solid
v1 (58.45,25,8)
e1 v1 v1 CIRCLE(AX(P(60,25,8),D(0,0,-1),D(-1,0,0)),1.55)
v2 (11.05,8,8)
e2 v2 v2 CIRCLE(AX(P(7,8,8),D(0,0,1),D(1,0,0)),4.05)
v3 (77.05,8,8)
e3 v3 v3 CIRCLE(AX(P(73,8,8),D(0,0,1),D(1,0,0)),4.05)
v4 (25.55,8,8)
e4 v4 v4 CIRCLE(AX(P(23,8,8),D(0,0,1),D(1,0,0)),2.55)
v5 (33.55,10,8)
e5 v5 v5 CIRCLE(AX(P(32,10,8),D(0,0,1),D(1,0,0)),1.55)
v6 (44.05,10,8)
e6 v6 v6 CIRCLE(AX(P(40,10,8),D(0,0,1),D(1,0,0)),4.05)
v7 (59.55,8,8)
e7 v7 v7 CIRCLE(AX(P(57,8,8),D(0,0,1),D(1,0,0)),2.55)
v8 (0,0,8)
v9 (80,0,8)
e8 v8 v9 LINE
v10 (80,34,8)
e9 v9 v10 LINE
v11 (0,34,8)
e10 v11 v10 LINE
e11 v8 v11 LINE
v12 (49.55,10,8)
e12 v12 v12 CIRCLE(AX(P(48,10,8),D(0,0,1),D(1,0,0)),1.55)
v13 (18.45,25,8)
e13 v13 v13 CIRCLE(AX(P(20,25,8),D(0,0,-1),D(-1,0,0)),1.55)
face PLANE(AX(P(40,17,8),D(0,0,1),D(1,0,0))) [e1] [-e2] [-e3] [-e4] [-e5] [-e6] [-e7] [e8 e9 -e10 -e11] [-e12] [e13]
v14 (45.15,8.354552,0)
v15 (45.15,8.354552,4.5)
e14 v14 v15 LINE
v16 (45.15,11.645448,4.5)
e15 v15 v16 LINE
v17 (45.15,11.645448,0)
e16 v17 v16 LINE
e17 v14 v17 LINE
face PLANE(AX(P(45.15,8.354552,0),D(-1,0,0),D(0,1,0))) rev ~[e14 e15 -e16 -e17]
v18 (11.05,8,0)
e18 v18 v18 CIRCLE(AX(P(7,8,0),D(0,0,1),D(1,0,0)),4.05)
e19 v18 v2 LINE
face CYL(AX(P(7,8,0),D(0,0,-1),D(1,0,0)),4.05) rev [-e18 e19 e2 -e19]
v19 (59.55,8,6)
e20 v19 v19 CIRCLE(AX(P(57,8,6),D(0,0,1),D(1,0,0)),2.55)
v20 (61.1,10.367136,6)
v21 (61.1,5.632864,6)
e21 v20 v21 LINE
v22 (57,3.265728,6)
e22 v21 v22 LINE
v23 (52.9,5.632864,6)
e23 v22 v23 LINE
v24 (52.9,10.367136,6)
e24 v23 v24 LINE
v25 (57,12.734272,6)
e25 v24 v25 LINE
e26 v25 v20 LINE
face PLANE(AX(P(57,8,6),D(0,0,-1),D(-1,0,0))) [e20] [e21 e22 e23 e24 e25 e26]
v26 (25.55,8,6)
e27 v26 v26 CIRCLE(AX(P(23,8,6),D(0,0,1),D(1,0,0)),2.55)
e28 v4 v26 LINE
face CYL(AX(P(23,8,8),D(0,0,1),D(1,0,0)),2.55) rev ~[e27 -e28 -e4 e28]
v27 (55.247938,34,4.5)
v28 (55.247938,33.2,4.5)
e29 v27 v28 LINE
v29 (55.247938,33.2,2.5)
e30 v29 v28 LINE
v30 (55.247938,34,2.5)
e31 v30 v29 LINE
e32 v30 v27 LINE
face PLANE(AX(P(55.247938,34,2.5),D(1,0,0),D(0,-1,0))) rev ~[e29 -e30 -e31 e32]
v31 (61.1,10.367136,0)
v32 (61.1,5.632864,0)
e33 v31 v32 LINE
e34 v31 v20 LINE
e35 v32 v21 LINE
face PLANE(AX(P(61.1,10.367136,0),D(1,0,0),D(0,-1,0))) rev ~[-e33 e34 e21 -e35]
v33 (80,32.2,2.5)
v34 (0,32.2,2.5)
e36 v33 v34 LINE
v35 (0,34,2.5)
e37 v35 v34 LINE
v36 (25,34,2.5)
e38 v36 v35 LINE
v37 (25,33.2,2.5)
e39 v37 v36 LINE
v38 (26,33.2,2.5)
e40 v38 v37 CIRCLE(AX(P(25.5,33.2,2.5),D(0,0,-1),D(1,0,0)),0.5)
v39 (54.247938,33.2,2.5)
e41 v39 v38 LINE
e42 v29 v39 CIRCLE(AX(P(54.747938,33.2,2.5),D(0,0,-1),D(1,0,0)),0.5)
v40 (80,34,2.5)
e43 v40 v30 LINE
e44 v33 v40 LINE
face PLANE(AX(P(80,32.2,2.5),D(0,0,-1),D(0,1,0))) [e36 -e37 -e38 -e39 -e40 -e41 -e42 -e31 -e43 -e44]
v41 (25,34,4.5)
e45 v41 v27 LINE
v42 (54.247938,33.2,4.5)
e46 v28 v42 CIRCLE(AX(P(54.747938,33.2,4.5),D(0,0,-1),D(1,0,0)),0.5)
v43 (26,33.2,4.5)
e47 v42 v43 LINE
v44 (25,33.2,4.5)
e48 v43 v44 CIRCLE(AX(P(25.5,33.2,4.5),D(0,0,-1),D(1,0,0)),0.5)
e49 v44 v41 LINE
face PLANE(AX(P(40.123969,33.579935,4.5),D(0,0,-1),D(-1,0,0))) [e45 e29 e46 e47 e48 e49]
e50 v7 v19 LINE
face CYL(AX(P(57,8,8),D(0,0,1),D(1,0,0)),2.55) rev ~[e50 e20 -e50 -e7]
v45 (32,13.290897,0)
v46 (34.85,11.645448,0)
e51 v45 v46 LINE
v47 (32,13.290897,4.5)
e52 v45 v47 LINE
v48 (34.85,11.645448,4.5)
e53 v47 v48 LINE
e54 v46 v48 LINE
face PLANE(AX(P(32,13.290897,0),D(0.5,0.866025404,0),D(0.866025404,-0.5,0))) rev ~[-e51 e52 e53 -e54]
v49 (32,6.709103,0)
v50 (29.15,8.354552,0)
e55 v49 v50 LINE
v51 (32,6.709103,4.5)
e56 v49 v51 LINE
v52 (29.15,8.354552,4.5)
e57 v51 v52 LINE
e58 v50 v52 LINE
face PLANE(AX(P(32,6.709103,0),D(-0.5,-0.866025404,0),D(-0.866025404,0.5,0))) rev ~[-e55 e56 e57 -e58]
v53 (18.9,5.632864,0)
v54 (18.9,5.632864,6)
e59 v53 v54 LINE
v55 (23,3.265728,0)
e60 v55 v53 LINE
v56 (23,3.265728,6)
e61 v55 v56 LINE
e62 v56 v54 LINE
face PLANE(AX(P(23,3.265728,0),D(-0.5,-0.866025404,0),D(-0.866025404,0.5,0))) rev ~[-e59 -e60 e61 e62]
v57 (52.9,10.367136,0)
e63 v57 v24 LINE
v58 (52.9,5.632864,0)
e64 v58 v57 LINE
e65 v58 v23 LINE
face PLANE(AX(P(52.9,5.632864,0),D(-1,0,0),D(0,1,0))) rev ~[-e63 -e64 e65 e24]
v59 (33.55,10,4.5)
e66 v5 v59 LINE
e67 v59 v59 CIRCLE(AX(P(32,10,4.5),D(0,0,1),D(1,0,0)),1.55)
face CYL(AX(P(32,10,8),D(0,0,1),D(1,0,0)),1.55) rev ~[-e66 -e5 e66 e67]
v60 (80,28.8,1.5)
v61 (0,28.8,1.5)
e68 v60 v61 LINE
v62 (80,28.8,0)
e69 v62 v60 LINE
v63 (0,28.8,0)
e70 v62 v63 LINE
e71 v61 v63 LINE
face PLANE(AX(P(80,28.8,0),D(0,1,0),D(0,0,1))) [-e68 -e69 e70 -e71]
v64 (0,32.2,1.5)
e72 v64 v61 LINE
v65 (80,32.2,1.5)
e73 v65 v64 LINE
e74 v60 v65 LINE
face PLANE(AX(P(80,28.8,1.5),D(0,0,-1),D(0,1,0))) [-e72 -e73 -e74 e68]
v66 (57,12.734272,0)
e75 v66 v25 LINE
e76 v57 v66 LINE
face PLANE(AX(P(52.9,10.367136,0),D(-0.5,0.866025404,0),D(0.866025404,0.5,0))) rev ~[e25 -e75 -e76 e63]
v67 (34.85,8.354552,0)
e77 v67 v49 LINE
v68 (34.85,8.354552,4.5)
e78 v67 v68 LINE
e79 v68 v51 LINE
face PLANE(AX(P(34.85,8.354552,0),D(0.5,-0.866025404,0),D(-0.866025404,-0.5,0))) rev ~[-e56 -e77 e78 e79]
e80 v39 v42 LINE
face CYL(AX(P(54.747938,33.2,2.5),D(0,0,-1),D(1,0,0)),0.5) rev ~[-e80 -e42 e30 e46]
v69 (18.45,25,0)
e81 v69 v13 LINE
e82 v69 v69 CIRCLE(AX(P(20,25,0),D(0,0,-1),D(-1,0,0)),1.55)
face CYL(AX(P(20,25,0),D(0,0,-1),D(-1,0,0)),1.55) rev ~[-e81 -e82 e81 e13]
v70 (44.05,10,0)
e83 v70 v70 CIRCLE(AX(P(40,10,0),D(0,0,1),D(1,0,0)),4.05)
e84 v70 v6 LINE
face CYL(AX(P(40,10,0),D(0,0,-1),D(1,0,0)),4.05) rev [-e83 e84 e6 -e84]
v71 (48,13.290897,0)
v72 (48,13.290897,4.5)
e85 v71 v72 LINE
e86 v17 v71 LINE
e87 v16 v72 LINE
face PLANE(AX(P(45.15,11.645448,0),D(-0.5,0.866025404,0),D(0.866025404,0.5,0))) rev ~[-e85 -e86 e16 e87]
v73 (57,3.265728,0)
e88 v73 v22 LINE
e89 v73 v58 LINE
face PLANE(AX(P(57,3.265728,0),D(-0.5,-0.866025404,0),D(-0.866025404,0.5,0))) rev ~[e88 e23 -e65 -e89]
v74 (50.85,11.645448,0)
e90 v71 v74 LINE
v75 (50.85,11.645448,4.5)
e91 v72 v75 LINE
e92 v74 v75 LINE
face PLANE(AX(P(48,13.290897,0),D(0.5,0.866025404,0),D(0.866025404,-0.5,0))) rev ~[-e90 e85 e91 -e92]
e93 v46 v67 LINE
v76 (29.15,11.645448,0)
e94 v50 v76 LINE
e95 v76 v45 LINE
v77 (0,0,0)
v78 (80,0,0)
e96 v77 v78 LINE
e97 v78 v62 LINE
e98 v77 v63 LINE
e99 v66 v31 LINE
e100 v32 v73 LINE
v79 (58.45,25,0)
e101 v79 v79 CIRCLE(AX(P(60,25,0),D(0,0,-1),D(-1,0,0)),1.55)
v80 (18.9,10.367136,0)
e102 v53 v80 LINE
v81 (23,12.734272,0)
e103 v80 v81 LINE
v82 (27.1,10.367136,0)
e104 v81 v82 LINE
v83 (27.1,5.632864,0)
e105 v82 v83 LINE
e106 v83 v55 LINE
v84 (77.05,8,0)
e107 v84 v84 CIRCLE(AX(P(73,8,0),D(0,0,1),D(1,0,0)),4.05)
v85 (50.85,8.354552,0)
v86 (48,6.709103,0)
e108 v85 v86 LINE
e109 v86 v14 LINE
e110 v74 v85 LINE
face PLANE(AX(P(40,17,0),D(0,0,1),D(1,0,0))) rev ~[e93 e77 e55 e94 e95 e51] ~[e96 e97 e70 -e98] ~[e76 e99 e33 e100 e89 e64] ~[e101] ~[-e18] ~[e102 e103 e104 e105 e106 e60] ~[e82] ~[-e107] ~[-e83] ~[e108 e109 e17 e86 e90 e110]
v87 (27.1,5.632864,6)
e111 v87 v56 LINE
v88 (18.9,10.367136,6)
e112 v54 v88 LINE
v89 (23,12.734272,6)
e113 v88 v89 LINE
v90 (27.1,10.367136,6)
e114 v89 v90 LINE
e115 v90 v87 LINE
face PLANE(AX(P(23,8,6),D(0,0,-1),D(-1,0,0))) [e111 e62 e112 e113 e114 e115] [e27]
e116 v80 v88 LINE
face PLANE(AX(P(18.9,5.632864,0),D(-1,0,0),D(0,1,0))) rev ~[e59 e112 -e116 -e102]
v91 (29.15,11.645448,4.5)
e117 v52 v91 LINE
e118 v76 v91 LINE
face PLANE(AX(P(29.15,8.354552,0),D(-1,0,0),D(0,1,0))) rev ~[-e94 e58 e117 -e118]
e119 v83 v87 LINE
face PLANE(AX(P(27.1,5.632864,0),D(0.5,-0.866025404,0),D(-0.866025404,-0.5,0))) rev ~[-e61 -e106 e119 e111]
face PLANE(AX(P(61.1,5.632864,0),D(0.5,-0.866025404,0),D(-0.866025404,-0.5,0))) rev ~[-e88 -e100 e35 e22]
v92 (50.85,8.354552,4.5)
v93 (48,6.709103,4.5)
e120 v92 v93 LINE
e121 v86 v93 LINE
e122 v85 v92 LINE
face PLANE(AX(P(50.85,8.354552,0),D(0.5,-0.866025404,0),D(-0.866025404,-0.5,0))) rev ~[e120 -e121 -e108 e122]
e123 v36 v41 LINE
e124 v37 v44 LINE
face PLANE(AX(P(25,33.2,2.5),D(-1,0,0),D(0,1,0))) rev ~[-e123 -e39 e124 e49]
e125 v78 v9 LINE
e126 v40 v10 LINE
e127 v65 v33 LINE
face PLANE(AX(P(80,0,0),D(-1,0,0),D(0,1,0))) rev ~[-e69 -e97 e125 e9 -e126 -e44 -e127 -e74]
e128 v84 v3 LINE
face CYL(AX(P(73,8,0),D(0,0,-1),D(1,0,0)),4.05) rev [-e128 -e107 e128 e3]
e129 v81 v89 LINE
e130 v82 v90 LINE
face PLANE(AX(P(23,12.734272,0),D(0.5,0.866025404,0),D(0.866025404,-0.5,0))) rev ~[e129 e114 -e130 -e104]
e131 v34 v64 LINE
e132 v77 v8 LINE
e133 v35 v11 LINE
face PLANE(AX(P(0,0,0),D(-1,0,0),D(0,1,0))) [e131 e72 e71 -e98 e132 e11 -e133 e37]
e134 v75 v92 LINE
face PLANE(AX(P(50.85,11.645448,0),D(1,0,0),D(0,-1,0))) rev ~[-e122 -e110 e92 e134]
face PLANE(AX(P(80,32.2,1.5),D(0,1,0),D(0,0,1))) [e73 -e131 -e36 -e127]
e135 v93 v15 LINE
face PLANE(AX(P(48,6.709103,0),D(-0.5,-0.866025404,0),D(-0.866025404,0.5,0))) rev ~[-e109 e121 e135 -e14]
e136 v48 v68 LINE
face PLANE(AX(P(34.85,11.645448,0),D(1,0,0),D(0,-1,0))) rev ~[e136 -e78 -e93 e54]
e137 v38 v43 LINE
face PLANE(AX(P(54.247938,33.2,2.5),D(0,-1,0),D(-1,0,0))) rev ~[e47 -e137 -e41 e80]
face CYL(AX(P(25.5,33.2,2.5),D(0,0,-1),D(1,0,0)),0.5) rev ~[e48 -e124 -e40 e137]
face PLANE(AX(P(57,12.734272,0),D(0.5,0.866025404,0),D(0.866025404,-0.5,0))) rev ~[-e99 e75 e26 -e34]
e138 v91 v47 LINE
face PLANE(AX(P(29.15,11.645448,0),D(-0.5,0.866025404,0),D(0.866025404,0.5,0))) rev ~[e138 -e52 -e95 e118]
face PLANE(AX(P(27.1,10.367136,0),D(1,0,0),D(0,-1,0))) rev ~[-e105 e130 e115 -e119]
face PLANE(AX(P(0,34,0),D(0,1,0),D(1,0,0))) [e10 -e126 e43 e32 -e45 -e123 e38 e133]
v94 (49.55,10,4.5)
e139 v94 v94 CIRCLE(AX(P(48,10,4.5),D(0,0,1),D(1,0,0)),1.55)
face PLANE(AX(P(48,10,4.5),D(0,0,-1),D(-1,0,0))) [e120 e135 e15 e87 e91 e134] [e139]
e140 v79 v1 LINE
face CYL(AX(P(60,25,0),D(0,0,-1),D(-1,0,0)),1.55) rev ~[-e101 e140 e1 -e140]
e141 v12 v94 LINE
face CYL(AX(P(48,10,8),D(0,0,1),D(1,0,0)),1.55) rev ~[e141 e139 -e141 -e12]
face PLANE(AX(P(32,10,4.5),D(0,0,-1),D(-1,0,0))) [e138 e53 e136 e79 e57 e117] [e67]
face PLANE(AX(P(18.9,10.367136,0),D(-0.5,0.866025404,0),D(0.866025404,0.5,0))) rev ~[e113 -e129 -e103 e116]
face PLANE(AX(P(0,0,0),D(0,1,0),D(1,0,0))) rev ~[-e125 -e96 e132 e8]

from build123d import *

# Parameters (mm, degrees)
SKETCH_2_W           = 80
SKETCH_2_H           = 34
SKETCH_2_R           = 4.05
EXTRUDE_1_DEPTH      = 8
SKETCH_3_R           = 2.55
CUT_EXTRUDE_1_DEPTH  = 88.292611371
CUT_EXTRUDE_2_DEPTH  = 88.292611371
SKETCH_5_R           = 1.55
CUT_EXTRUDE_3_DEPTH  = 88.292611371
CUT_EXTRUDE_5_DEPTH  = 4.5
SKETCH_11_R          = 1.55
CUT_EXTRUDE_7_DEPTH  = 88.292611371
CUT_EXTRUDE_11_DEPTH = 2
CUT_EXTRUDE_13_DEPTH = 6


with BuildPart() as part:
    # 草图2 → 凸台-拉伸1 (new body)
    with BuildSketch(Plane.XY):
        with Locations((40, 17)):
            Rectangle(SKETCH_2_W, SKETCH_2_H)
        with Locations((7, 8)):
            Circle(SKETCH_2_R, mode=Mode.SUBTRACT)
        with Locations((40, 10)):
            Circle(SKETCH_2_R, mode=Mode.SUBTRACT)
        with Locations((73, 8)):
            Circle(SKETCH_2_R, mode=Mode.SUBTRACT)
    extrude(amount=EXTRUDE_1_DEPTH)

    # 草图3 → 切除-拉伸1 (cut, through all)
    with BuildSketch(Plane.XY.offset(8)):
        with Locations((23, 8)):
            Circle(SKETCH_3_R)
        with Locations((57, 8)):
            Circle(SKETCH_3_R)
    extrude(amount=-CUT_EXTRUDE_1_DEPTH, mode=Mode.SUBTRACT)

    # 草图4 → 切除-拉伸2 (cut, through all)
    with BuildSketch(Plane(origin=(80, 0, 0), x_dir=(0, 0, -1), z_dir=(1, 0, 0))):
        Polygon((-1.5, 32.2), (-2.5, 32.2), (-2.5, 34), (0, 34), (0, 28.8), (-1.5, 28.8), align=None)
    extrude(amount=-CUT_EXTRUDE_2_DEPTH, mode=Mode.SUBTRACT)

    # 草图5 → 切除-拉伸3 (cut, through all)
    with BuildSketch(Plane.XY.offset(8)):
        with Locations((48, 10)):
            Circle(SKETCH_5_R)
        with Locations((32, 10)):
            Circle(SKETCH_5_R)
    extrude(amount=-CUT_EXTRUDE_3_DEPTH, mode=Mode.SUBTRACT)

    # 草图8 → 切除-拉伸5 (cut)
    with BuildSketch(Plane(origin=(0, 0, 0), x_dir=(-1, 0, 0), z_dir=(0, 0, -1))):
        Polygon((-45.15, 8.354551733), (-45.15, 11.645448267), (-48, 13.290896534), (-50.85, 11.645448267), (-50.85, 8.354551733), (-48, 6.709103466), align=None)
        Polygon((-29.15, 8.354551733), (-29.15, 11.645448267), (-32, 13.290896534), (-34.85, 11.645448267), (-34.85, 8.354551733), (-32, 6.709103466), align=None)
    extrude(amount=-CUT_EXTRUDE_5_DEPTH, mode=Mode.SUBTRACT)

    # 草图11 → 切除-拉伸7 (cut, through all)
    with BuildSketch(Plane(origin=(0, 0, 0), x_dir=(-1, 0, 0), z_dir=(0, 0, -1))):
        with Locations((-60, 25)):
            Circle(SKETCH_11_R)
        with Locations((-20, 25)):
            Circle(SKETCH_11_R)
    extrude(amount=-CUT_EXTRUDE_7_DEPTH, mode=Mode.SUBTRACT)

    # 草图19 → 切除-拉伸11 (cut)
    with BuildSketch(Plane(origin=(0, 0, 2.5), x_dir=(-1, 0, 0), z_dir=(0, 0, -1))):
        with BuildLine():
            Line((-25, 34), (-55.247938178, 34))
            Line((-55.247938178, 34), (-55.247938178, 33.2))
            ThreePointArc((-55.247938178, 33.2), (-54.747938178, 32.7), (-54.247938178, 33.2))
            Line((-54.247938178, 33.2), (-26, 33.2))
            ThreePointArc((-26, 33.2), (-25.5, 32.7), (-25, 33.2))
            Line((-25, 33.2), (-25, 34))
        make_face()
    extrude(amount=-CUT_EXTRUDE_11_DEPTH, mode=Mode.SUBTRACT)

    # 草图7 → 切除-拉伸13 (cut)
    with BuildSketch(Plane(origin=(0, 0, 0), x_dir=(-1, 0, 0), z_dir=(0, 0, -1))):
        Polygon((-52.9, 5.632863896), (-52.9, 10.367136104), (-57, 12.734272207), (-61.1, 10.367136104), (-61.1, 5.632863896), (-57, 3.265727793), align=None)
        Polygon((-18.9, 5.632863896), (-18.9, 10.367136104), (-23, 12.734272207), (-27.1, 10.367136104), (-27.1, 5.632863896), (-23, 3.265727793), align=None)
    extrude(amount=-CUT_EXTRUDE_13_DEPTH, mode=Mode.SUBTRACT)


solid = part.part
